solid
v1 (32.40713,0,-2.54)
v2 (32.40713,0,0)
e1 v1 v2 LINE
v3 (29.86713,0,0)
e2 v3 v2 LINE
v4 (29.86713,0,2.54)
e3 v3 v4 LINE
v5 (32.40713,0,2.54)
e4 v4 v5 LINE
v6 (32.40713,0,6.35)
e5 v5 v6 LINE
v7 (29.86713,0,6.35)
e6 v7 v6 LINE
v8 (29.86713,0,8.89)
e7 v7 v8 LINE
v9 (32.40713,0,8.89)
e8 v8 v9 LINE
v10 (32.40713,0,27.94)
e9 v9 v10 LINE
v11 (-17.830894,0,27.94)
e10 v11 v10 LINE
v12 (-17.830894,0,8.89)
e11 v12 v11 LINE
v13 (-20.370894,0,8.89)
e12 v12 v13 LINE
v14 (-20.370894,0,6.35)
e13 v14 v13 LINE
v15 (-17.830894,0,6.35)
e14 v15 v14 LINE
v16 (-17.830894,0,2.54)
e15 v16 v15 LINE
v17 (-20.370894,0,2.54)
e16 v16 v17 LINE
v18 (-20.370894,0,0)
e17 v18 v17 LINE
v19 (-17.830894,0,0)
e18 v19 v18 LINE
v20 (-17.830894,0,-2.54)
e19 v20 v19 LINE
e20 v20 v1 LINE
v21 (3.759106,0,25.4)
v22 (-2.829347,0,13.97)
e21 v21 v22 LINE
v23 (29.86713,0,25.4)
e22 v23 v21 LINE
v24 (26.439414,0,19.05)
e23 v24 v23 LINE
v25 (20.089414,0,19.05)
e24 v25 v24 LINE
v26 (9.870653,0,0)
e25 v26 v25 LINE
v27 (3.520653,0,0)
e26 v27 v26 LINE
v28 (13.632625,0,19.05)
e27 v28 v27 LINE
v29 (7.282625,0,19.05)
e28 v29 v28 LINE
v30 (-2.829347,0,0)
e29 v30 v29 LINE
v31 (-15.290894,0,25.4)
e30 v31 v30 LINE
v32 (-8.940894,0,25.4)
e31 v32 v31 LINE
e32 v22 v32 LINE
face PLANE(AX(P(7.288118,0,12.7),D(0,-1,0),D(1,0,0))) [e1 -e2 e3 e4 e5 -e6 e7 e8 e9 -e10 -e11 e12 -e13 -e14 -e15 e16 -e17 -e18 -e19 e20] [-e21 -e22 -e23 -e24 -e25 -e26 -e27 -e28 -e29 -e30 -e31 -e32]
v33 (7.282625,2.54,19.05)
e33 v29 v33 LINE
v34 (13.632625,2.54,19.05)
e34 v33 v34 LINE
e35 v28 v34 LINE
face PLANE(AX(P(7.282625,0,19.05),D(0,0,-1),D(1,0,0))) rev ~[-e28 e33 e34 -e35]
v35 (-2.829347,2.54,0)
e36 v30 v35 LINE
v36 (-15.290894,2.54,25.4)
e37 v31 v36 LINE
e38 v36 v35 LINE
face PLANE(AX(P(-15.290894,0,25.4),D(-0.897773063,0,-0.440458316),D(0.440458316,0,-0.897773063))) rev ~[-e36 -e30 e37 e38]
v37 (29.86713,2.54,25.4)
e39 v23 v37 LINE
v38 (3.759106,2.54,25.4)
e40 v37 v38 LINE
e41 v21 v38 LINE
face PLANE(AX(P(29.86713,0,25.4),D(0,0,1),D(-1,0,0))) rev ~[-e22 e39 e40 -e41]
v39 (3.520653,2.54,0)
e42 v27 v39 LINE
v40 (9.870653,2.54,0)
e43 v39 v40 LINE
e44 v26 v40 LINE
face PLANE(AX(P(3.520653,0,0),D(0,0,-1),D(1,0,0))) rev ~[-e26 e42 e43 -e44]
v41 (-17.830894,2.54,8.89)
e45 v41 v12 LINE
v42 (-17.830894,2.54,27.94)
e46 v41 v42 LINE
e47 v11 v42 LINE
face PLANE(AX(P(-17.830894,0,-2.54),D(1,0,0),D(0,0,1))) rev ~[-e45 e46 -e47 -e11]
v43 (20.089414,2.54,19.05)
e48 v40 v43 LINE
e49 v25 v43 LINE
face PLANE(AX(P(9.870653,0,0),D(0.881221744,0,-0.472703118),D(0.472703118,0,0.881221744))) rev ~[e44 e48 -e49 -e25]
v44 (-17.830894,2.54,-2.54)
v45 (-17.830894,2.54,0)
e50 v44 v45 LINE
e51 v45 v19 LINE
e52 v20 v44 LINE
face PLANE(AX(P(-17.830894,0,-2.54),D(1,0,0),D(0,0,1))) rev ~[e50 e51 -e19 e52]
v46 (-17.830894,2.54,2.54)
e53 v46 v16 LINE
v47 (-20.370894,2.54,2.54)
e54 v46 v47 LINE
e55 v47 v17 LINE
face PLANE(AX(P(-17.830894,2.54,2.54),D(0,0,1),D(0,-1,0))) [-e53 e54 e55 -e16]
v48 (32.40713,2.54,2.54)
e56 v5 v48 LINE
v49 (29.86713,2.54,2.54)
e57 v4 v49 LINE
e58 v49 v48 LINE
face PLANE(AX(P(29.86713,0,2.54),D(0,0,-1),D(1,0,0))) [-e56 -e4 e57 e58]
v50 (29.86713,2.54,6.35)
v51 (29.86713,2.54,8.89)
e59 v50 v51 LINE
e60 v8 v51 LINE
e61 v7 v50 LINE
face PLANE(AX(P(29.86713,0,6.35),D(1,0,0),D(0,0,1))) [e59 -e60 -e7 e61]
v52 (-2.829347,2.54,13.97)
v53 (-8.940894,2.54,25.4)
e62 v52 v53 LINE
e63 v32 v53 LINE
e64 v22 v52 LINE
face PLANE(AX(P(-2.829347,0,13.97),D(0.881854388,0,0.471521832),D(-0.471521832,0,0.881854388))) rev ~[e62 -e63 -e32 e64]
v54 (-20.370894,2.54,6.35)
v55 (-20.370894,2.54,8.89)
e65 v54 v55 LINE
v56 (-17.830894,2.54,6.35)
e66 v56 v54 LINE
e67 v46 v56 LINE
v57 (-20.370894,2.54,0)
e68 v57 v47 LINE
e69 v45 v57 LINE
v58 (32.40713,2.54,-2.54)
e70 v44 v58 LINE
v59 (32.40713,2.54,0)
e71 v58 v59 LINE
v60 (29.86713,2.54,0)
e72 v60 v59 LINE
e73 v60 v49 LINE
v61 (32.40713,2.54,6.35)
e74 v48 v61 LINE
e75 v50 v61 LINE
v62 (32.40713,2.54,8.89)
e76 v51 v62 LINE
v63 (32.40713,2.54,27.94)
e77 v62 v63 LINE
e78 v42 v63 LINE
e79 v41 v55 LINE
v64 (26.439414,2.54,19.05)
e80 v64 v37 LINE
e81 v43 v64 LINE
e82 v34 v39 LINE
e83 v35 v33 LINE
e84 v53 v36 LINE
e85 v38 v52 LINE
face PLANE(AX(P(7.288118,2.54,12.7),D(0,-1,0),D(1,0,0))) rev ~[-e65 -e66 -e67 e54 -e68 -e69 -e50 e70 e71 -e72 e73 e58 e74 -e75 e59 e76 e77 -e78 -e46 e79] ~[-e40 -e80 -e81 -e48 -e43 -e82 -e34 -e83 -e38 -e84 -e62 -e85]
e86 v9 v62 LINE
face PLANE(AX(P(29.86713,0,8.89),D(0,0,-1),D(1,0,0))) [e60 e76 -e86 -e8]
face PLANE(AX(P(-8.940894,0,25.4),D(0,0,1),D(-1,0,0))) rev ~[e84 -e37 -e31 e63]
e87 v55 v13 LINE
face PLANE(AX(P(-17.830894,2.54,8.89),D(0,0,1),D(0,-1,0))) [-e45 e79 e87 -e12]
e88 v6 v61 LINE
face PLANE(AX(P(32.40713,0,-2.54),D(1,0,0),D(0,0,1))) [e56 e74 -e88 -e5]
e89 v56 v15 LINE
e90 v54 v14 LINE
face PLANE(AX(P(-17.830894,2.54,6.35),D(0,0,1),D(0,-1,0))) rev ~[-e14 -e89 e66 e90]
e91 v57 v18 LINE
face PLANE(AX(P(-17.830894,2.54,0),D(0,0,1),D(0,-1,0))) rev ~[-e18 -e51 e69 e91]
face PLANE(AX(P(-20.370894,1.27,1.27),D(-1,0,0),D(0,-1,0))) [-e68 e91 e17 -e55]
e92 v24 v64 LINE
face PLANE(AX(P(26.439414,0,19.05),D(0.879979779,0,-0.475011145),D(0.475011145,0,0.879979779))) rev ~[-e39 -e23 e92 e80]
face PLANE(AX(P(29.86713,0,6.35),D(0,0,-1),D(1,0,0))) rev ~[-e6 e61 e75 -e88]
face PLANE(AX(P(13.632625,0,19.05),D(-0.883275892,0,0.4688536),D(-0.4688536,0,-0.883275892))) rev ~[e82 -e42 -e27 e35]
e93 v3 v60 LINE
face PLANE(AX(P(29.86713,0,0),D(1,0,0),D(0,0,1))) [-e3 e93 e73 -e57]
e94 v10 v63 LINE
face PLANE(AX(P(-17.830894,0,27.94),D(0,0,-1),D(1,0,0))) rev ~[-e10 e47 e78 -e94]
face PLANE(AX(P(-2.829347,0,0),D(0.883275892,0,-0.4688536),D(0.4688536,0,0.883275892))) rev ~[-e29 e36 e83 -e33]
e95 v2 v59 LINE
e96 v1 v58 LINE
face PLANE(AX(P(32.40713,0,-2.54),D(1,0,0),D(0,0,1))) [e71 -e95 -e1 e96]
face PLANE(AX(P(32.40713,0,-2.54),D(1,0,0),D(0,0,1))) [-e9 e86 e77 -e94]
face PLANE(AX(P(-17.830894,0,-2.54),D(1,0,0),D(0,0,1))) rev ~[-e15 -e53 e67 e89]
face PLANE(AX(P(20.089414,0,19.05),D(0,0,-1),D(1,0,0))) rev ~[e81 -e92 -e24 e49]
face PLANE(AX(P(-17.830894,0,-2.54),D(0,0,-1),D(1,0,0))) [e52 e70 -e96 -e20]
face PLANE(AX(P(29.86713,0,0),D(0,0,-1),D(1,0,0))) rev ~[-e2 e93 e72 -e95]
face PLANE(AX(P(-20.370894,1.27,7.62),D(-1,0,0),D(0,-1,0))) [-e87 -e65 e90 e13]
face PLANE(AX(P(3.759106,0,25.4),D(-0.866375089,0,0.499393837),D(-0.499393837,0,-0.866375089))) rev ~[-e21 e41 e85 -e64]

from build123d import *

# Parameters (mm, degrees)
F1_W     = 50.238024
F1_H     = 30.48
F2_DEPTH = 2.54
F3_DEPTH = 2.54
F4_W     = 2.54
F4_H     = 2.54
F5_DEPTH = 2.54
F6_W     = 2.54
F6_H     = 2.54
F7_DEPTH = 2.54


with BuildPart() as f2:
    # F1 (on Front) → F2 (new body)
    with BuildSketch(Plane.XZ):
        with Locations((7.288118, 12.7)):
            Rectangle(F1_W, F1_H)
    extrude(amount=-F2_DEPTH)

    # F0 (on Front) → F3 (cut, through all)
    with BuildSketch(Plane.XZ):
        Polygon((-8.940894, 25.4), (-15.290894, 25.4), (-2.829347, 0), (7.282625, 19.05), (13.632625, 19.05), (3.520653, 0), (9.870653, 0), (20.089414, 19.05), (26.439414, 19.05), (29.86713, 25.4), (3.759106, 25.4), (-2.829347, 13.97), align=None)
    extrude(amount=-F3_DEPTH, mode=Mode.SUBTRACT)

    # F4 (on face) → F5 (cut, through all)
    with BuildSketch(Plane.XZ):
        with Locations((31.13713, 7.62)):
            Rectangle(F4_W, F4_H)
        with Locations((31.13713, 1.27)):
            Rectangle(F4_W, F4_H)
    extrude(amount=-F5_DEPTH, mode=Mode.SUBTRACT)

    # F6 (on face) → F7 (join)
    with BuildSketch(Plane(origin=(-17.830894, 0, 0), x_dir=(0, -1, 0), z_dir=(-1, 0, 0))):
        with Locations((-1.27, 7.62)):
            Rectangle(F6_W, F6_H)
        with Locations((-1.27, 1.27)):
            Rectangle(F6_W, F6_H)
    extrude(amount=F7_DEPTH)


solid = f2.part
